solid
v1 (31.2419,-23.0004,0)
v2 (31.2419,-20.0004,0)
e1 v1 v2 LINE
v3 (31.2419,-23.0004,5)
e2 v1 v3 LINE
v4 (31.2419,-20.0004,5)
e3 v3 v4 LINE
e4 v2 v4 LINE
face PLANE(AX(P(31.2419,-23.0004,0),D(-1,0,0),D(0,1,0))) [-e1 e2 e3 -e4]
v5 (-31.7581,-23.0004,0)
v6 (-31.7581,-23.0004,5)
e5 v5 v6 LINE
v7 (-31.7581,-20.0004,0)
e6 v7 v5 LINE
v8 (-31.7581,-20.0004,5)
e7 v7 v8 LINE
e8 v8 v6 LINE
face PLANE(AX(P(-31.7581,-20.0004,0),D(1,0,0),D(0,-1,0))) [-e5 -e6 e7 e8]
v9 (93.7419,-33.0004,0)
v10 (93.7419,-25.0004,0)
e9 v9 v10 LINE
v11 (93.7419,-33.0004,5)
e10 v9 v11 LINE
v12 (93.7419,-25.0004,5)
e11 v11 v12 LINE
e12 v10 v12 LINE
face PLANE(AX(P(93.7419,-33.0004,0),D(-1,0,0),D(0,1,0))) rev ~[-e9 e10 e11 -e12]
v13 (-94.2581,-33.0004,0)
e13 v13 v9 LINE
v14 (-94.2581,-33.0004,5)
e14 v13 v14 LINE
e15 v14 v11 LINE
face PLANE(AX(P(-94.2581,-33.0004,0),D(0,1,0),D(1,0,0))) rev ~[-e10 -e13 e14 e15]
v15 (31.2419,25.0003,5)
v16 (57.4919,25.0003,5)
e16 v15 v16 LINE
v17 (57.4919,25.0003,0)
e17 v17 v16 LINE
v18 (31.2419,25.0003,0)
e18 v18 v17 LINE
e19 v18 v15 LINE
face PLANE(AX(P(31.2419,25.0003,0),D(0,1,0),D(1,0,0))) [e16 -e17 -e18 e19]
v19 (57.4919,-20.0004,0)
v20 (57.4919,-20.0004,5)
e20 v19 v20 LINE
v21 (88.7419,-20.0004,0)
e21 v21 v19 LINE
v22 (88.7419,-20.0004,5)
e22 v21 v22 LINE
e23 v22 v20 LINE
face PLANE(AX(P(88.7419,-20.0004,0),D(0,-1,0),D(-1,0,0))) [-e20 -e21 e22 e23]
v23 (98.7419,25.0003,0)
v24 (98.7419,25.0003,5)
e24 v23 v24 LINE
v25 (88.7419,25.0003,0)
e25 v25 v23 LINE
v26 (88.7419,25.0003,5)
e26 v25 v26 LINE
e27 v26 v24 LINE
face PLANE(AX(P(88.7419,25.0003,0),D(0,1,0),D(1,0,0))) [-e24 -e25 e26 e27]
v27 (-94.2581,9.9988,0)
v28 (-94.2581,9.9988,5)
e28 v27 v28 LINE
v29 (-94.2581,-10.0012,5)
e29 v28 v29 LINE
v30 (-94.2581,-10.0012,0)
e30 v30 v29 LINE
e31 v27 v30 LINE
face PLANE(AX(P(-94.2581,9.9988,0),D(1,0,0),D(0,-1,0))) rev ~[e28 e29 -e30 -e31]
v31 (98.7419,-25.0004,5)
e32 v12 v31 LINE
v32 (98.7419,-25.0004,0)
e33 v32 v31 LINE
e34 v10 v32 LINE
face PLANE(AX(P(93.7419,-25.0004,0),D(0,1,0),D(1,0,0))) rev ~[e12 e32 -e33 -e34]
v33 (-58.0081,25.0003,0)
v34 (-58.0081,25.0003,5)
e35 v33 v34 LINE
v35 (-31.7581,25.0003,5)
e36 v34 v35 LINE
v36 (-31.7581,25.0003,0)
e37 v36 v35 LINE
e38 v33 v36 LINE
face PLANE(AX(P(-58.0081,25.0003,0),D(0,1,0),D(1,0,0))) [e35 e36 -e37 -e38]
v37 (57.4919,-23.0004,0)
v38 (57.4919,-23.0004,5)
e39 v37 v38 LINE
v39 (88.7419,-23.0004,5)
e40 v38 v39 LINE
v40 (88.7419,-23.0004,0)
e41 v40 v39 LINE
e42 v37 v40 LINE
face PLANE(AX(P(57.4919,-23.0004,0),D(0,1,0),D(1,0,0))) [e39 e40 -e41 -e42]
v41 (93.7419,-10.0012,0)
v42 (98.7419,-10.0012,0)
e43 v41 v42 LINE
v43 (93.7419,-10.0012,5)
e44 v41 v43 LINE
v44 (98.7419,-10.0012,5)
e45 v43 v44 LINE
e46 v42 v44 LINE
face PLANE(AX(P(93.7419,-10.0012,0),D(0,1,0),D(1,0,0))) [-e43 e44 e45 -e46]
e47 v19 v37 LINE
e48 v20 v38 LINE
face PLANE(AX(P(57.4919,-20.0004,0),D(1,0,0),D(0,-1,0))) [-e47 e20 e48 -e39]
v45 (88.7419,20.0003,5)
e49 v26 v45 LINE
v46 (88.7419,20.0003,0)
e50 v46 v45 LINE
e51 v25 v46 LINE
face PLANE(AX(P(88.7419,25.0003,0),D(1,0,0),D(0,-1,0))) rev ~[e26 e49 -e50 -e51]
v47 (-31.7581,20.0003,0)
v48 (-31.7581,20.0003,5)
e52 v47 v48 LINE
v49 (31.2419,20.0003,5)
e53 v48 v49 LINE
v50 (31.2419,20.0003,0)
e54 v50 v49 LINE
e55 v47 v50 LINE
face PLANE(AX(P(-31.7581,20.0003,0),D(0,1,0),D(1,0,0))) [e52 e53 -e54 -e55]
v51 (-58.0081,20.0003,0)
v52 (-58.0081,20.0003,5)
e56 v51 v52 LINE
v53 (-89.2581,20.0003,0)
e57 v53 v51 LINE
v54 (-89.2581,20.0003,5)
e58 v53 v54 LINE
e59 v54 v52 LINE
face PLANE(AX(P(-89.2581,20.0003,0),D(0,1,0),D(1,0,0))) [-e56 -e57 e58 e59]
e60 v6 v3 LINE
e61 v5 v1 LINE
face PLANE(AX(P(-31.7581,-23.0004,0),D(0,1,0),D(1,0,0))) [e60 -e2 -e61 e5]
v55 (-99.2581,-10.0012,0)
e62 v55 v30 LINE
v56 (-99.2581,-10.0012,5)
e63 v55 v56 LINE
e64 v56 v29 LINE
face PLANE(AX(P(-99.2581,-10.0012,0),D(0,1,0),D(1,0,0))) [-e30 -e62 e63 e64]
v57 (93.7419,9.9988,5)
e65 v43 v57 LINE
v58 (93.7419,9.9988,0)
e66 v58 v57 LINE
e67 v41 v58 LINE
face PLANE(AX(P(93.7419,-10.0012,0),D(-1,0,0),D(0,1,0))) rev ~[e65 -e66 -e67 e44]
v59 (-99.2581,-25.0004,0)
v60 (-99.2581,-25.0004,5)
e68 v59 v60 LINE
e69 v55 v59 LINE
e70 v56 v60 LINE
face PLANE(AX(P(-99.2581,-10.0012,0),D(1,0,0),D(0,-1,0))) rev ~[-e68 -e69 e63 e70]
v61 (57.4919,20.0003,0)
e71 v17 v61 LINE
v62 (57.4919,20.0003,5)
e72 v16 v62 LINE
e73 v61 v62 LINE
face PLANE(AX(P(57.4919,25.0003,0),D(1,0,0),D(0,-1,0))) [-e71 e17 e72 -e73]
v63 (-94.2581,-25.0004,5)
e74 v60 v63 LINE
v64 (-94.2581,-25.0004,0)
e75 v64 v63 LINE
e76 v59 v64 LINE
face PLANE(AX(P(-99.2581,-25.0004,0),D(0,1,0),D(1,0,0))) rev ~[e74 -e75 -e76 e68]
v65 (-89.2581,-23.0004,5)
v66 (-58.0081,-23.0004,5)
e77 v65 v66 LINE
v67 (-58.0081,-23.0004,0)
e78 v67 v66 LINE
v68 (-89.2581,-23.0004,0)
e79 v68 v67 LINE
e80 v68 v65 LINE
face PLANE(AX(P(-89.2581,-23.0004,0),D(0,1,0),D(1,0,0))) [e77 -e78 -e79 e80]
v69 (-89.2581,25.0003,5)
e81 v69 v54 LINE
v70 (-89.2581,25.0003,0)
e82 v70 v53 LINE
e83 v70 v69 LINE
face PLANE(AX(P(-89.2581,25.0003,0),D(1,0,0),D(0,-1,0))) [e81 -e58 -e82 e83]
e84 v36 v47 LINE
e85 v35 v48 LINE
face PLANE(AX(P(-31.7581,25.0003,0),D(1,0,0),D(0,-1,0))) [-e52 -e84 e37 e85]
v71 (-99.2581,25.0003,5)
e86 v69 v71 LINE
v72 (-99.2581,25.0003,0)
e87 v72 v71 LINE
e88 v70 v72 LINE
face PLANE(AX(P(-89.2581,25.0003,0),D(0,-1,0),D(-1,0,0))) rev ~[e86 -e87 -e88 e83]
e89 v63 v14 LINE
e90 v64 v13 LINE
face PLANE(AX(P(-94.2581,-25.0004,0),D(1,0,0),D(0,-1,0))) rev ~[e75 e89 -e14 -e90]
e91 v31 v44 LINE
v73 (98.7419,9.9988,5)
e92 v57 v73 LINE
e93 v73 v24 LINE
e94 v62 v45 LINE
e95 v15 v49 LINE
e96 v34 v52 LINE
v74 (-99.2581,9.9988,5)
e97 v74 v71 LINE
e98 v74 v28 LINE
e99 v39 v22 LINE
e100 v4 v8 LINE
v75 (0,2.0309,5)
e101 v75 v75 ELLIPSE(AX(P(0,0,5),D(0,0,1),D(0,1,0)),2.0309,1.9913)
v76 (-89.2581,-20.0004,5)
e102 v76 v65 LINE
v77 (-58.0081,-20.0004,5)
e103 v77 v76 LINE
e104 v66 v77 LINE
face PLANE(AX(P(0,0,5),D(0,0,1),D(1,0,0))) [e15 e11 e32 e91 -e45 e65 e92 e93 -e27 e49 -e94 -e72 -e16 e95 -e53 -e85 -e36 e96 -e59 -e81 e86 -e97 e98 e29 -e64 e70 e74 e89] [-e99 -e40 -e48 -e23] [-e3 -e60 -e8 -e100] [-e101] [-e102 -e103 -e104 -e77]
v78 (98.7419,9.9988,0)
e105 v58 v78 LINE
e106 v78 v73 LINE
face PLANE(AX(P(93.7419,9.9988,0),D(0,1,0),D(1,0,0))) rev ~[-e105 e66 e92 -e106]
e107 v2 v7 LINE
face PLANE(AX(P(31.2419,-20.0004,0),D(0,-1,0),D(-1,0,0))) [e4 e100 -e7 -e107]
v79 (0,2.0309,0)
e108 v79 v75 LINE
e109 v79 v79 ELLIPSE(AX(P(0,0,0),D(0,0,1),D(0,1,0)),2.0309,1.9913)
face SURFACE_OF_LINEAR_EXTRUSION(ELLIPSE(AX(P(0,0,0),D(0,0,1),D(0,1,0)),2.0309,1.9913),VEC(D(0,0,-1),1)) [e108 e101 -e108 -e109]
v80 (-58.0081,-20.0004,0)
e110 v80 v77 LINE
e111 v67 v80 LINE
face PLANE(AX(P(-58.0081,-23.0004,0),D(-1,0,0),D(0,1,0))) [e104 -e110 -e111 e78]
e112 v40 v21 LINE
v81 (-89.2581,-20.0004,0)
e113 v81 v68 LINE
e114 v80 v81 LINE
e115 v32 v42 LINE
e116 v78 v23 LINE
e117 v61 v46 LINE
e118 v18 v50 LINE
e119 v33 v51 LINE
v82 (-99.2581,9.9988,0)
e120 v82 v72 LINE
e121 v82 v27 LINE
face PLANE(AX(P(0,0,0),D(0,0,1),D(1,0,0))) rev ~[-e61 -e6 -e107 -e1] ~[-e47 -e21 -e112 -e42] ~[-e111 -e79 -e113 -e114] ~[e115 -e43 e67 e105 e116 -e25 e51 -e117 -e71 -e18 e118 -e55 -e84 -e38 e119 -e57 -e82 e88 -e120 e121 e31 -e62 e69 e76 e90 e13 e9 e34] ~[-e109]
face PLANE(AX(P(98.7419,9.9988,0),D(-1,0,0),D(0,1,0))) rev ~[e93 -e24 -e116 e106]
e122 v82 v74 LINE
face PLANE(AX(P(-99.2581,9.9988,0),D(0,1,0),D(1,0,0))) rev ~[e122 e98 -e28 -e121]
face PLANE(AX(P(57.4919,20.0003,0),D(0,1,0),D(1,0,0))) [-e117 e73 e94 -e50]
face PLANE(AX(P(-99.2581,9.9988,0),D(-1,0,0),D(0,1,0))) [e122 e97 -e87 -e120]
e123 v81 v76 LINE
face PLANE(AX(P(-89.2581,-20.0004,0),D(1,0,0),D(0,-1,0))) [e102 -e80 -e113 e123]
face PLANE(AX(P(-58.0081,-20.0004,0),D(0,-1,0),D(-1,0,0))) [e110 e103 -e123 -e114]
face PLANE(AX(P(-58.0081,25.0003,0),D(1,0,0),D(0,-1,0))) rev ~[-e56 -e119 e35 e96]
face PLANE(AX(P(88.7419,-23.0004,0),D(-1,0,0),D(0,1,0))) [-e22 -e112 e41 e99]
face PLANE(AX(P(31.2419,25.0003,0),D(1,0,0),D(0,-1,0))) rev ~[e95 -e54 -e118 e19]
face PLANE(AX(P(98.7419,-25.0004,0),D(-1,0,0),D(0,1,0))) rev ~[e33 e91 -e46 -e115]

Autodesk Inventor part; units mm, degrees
ref_plane "YZ Plane" through (0, 0, 0) normal (1, 0, 0) x (0, 1, 0)
ref_plane "XZ Plane" through (0, 0, 0) normal (0, 1, 0) x (-1, 0, 0)
ref_plane "XY Plane" through (0, 0, 0) normal (0, 0, 1) x (1, 0, 0)
sketch "Sketch1" plane through (0, 0, 0) normal (0, 0, 1) x (1, 0, 0)
  ellipse E0 centre (0, 0) end of major axis (1.9913, 0) minor radius 2.0309
  line L0 (93.7419, -25.0004) -> (98.7419, -25.0004)
  line L1 (98.7419, -25.0004) -> (98.7419, -10.0012)
  line L2 (93.7419, -10.0012) -> (98.7419, -10.0012)
  line L3 (93.7419, -10.0012) -> (93.7419, 9.9988)
  line L4 (93.7419, 9.9988) -> (98.7419, 9.9988)
  line L5 (98.7419, 9.9988) -> (98.7419, 25.0003)
  line L6 (-99.2581, 9.9988) -> (-99.2581, 25.0003)
  line L7 (-99.2581, 9.9988) -> (-94.2581, 9.9988)
  line L8 (-99.2581, -10.0012) -> (-99.2581, -25.0004)
  line L9 (-99.2581, -10.0012) -> (-94.2581, -10.0012)
  line L10 (-99.2581, -25.0004) -> (-94.2581, -25.0004)
  line L11 (-94.2581, 9.9988) -> (-94.2581, -10.0012)
  line L12 (-94.2581, -25.0004) -> (-94.2581, -33.0004)
  line L13 (93.7419, -33.0004) -> (93.7419, -25.0004)
  line L14 (-94.2581, -33.0004) -> (93.7419, -33.0004)
  line L15 (-89.2581, 25.0003) -> (-89.2581, 20.0003)
  line L16 (-89.2581, 20.0003) -> (-58.0081, 20.0003)
  line L17 (-58.0081, 25.0003) -> (-58.0081, 20.0003)
  line L18 (-58.0081, 25.0003) -> (-31.7581, 25.0003)
  line L19 (-31.7581, 25.0003) -> (-31.7581, 20.0003)
  line L20 (-31.7581, 20.0003) -> (31.2419, 20.0003)
  line L21 (31.2419, 25.0003) -> (31.2419, 20.0003)
  line L22 (31.2419, 25.0003) -> (57.4919, 25.0003)
  line L23 (57.4919, 25.0003) -> (57.4919, 20.0003)
  line L24 (57.4919, 20.0003) -> (88.7419, 20.0003)
  line L25 (88.7419, 25.0003) -> (88.7419, 20.0003)
  line L26 (-89.2581, 25.0003) -> (-99.2581, 25.0003)
  line L27 (88.7419, 25.0003) -> (98.7419, 25.0003)
  line L28 (88.7419, -20.0004) -> (57.4919, -20.0004)
  line L29 (57.4919, -20.0004) -> (57.4919, -23.0004)
  line L30 (57.4919, -23.0004) -> (88.7419, -23.0004)
  line L31 (88.7419, -23.0004) -> (88.7419, -20.0004)
  line L32 (31.2419, -20.0004) -> (-31.7581, -20.0004)
  line L33 (-31.7581, -20.0004) -> (-31.7581, -23.0004)
  line L34 (-31.7581, -23.0004) -> (31.2419, -23.0004)
  line L35 (31.2419, -23.0004) -> (31.2419, -20.0004)
  line L36 (-58.0081, -20.0004) -> (-89.2581, -20.0004)
  line L37 (-89.2581, -20.0004) -> (-89.2581, -23.0004)
  line L38 (-89.2581, -23.0004) -> (-58.0081, -23.0004)
  line L39 (-58.0081, -23.0004) -> (-58.0081, -20.0004)
  point P0 (-93.0453, -16.9364)
  dimension "d46" = 5
extrude "Extrusion3" add sketch "Sketch1" along normal blind 5
properties part number "case bottom sides" material "ABS Plastic"
